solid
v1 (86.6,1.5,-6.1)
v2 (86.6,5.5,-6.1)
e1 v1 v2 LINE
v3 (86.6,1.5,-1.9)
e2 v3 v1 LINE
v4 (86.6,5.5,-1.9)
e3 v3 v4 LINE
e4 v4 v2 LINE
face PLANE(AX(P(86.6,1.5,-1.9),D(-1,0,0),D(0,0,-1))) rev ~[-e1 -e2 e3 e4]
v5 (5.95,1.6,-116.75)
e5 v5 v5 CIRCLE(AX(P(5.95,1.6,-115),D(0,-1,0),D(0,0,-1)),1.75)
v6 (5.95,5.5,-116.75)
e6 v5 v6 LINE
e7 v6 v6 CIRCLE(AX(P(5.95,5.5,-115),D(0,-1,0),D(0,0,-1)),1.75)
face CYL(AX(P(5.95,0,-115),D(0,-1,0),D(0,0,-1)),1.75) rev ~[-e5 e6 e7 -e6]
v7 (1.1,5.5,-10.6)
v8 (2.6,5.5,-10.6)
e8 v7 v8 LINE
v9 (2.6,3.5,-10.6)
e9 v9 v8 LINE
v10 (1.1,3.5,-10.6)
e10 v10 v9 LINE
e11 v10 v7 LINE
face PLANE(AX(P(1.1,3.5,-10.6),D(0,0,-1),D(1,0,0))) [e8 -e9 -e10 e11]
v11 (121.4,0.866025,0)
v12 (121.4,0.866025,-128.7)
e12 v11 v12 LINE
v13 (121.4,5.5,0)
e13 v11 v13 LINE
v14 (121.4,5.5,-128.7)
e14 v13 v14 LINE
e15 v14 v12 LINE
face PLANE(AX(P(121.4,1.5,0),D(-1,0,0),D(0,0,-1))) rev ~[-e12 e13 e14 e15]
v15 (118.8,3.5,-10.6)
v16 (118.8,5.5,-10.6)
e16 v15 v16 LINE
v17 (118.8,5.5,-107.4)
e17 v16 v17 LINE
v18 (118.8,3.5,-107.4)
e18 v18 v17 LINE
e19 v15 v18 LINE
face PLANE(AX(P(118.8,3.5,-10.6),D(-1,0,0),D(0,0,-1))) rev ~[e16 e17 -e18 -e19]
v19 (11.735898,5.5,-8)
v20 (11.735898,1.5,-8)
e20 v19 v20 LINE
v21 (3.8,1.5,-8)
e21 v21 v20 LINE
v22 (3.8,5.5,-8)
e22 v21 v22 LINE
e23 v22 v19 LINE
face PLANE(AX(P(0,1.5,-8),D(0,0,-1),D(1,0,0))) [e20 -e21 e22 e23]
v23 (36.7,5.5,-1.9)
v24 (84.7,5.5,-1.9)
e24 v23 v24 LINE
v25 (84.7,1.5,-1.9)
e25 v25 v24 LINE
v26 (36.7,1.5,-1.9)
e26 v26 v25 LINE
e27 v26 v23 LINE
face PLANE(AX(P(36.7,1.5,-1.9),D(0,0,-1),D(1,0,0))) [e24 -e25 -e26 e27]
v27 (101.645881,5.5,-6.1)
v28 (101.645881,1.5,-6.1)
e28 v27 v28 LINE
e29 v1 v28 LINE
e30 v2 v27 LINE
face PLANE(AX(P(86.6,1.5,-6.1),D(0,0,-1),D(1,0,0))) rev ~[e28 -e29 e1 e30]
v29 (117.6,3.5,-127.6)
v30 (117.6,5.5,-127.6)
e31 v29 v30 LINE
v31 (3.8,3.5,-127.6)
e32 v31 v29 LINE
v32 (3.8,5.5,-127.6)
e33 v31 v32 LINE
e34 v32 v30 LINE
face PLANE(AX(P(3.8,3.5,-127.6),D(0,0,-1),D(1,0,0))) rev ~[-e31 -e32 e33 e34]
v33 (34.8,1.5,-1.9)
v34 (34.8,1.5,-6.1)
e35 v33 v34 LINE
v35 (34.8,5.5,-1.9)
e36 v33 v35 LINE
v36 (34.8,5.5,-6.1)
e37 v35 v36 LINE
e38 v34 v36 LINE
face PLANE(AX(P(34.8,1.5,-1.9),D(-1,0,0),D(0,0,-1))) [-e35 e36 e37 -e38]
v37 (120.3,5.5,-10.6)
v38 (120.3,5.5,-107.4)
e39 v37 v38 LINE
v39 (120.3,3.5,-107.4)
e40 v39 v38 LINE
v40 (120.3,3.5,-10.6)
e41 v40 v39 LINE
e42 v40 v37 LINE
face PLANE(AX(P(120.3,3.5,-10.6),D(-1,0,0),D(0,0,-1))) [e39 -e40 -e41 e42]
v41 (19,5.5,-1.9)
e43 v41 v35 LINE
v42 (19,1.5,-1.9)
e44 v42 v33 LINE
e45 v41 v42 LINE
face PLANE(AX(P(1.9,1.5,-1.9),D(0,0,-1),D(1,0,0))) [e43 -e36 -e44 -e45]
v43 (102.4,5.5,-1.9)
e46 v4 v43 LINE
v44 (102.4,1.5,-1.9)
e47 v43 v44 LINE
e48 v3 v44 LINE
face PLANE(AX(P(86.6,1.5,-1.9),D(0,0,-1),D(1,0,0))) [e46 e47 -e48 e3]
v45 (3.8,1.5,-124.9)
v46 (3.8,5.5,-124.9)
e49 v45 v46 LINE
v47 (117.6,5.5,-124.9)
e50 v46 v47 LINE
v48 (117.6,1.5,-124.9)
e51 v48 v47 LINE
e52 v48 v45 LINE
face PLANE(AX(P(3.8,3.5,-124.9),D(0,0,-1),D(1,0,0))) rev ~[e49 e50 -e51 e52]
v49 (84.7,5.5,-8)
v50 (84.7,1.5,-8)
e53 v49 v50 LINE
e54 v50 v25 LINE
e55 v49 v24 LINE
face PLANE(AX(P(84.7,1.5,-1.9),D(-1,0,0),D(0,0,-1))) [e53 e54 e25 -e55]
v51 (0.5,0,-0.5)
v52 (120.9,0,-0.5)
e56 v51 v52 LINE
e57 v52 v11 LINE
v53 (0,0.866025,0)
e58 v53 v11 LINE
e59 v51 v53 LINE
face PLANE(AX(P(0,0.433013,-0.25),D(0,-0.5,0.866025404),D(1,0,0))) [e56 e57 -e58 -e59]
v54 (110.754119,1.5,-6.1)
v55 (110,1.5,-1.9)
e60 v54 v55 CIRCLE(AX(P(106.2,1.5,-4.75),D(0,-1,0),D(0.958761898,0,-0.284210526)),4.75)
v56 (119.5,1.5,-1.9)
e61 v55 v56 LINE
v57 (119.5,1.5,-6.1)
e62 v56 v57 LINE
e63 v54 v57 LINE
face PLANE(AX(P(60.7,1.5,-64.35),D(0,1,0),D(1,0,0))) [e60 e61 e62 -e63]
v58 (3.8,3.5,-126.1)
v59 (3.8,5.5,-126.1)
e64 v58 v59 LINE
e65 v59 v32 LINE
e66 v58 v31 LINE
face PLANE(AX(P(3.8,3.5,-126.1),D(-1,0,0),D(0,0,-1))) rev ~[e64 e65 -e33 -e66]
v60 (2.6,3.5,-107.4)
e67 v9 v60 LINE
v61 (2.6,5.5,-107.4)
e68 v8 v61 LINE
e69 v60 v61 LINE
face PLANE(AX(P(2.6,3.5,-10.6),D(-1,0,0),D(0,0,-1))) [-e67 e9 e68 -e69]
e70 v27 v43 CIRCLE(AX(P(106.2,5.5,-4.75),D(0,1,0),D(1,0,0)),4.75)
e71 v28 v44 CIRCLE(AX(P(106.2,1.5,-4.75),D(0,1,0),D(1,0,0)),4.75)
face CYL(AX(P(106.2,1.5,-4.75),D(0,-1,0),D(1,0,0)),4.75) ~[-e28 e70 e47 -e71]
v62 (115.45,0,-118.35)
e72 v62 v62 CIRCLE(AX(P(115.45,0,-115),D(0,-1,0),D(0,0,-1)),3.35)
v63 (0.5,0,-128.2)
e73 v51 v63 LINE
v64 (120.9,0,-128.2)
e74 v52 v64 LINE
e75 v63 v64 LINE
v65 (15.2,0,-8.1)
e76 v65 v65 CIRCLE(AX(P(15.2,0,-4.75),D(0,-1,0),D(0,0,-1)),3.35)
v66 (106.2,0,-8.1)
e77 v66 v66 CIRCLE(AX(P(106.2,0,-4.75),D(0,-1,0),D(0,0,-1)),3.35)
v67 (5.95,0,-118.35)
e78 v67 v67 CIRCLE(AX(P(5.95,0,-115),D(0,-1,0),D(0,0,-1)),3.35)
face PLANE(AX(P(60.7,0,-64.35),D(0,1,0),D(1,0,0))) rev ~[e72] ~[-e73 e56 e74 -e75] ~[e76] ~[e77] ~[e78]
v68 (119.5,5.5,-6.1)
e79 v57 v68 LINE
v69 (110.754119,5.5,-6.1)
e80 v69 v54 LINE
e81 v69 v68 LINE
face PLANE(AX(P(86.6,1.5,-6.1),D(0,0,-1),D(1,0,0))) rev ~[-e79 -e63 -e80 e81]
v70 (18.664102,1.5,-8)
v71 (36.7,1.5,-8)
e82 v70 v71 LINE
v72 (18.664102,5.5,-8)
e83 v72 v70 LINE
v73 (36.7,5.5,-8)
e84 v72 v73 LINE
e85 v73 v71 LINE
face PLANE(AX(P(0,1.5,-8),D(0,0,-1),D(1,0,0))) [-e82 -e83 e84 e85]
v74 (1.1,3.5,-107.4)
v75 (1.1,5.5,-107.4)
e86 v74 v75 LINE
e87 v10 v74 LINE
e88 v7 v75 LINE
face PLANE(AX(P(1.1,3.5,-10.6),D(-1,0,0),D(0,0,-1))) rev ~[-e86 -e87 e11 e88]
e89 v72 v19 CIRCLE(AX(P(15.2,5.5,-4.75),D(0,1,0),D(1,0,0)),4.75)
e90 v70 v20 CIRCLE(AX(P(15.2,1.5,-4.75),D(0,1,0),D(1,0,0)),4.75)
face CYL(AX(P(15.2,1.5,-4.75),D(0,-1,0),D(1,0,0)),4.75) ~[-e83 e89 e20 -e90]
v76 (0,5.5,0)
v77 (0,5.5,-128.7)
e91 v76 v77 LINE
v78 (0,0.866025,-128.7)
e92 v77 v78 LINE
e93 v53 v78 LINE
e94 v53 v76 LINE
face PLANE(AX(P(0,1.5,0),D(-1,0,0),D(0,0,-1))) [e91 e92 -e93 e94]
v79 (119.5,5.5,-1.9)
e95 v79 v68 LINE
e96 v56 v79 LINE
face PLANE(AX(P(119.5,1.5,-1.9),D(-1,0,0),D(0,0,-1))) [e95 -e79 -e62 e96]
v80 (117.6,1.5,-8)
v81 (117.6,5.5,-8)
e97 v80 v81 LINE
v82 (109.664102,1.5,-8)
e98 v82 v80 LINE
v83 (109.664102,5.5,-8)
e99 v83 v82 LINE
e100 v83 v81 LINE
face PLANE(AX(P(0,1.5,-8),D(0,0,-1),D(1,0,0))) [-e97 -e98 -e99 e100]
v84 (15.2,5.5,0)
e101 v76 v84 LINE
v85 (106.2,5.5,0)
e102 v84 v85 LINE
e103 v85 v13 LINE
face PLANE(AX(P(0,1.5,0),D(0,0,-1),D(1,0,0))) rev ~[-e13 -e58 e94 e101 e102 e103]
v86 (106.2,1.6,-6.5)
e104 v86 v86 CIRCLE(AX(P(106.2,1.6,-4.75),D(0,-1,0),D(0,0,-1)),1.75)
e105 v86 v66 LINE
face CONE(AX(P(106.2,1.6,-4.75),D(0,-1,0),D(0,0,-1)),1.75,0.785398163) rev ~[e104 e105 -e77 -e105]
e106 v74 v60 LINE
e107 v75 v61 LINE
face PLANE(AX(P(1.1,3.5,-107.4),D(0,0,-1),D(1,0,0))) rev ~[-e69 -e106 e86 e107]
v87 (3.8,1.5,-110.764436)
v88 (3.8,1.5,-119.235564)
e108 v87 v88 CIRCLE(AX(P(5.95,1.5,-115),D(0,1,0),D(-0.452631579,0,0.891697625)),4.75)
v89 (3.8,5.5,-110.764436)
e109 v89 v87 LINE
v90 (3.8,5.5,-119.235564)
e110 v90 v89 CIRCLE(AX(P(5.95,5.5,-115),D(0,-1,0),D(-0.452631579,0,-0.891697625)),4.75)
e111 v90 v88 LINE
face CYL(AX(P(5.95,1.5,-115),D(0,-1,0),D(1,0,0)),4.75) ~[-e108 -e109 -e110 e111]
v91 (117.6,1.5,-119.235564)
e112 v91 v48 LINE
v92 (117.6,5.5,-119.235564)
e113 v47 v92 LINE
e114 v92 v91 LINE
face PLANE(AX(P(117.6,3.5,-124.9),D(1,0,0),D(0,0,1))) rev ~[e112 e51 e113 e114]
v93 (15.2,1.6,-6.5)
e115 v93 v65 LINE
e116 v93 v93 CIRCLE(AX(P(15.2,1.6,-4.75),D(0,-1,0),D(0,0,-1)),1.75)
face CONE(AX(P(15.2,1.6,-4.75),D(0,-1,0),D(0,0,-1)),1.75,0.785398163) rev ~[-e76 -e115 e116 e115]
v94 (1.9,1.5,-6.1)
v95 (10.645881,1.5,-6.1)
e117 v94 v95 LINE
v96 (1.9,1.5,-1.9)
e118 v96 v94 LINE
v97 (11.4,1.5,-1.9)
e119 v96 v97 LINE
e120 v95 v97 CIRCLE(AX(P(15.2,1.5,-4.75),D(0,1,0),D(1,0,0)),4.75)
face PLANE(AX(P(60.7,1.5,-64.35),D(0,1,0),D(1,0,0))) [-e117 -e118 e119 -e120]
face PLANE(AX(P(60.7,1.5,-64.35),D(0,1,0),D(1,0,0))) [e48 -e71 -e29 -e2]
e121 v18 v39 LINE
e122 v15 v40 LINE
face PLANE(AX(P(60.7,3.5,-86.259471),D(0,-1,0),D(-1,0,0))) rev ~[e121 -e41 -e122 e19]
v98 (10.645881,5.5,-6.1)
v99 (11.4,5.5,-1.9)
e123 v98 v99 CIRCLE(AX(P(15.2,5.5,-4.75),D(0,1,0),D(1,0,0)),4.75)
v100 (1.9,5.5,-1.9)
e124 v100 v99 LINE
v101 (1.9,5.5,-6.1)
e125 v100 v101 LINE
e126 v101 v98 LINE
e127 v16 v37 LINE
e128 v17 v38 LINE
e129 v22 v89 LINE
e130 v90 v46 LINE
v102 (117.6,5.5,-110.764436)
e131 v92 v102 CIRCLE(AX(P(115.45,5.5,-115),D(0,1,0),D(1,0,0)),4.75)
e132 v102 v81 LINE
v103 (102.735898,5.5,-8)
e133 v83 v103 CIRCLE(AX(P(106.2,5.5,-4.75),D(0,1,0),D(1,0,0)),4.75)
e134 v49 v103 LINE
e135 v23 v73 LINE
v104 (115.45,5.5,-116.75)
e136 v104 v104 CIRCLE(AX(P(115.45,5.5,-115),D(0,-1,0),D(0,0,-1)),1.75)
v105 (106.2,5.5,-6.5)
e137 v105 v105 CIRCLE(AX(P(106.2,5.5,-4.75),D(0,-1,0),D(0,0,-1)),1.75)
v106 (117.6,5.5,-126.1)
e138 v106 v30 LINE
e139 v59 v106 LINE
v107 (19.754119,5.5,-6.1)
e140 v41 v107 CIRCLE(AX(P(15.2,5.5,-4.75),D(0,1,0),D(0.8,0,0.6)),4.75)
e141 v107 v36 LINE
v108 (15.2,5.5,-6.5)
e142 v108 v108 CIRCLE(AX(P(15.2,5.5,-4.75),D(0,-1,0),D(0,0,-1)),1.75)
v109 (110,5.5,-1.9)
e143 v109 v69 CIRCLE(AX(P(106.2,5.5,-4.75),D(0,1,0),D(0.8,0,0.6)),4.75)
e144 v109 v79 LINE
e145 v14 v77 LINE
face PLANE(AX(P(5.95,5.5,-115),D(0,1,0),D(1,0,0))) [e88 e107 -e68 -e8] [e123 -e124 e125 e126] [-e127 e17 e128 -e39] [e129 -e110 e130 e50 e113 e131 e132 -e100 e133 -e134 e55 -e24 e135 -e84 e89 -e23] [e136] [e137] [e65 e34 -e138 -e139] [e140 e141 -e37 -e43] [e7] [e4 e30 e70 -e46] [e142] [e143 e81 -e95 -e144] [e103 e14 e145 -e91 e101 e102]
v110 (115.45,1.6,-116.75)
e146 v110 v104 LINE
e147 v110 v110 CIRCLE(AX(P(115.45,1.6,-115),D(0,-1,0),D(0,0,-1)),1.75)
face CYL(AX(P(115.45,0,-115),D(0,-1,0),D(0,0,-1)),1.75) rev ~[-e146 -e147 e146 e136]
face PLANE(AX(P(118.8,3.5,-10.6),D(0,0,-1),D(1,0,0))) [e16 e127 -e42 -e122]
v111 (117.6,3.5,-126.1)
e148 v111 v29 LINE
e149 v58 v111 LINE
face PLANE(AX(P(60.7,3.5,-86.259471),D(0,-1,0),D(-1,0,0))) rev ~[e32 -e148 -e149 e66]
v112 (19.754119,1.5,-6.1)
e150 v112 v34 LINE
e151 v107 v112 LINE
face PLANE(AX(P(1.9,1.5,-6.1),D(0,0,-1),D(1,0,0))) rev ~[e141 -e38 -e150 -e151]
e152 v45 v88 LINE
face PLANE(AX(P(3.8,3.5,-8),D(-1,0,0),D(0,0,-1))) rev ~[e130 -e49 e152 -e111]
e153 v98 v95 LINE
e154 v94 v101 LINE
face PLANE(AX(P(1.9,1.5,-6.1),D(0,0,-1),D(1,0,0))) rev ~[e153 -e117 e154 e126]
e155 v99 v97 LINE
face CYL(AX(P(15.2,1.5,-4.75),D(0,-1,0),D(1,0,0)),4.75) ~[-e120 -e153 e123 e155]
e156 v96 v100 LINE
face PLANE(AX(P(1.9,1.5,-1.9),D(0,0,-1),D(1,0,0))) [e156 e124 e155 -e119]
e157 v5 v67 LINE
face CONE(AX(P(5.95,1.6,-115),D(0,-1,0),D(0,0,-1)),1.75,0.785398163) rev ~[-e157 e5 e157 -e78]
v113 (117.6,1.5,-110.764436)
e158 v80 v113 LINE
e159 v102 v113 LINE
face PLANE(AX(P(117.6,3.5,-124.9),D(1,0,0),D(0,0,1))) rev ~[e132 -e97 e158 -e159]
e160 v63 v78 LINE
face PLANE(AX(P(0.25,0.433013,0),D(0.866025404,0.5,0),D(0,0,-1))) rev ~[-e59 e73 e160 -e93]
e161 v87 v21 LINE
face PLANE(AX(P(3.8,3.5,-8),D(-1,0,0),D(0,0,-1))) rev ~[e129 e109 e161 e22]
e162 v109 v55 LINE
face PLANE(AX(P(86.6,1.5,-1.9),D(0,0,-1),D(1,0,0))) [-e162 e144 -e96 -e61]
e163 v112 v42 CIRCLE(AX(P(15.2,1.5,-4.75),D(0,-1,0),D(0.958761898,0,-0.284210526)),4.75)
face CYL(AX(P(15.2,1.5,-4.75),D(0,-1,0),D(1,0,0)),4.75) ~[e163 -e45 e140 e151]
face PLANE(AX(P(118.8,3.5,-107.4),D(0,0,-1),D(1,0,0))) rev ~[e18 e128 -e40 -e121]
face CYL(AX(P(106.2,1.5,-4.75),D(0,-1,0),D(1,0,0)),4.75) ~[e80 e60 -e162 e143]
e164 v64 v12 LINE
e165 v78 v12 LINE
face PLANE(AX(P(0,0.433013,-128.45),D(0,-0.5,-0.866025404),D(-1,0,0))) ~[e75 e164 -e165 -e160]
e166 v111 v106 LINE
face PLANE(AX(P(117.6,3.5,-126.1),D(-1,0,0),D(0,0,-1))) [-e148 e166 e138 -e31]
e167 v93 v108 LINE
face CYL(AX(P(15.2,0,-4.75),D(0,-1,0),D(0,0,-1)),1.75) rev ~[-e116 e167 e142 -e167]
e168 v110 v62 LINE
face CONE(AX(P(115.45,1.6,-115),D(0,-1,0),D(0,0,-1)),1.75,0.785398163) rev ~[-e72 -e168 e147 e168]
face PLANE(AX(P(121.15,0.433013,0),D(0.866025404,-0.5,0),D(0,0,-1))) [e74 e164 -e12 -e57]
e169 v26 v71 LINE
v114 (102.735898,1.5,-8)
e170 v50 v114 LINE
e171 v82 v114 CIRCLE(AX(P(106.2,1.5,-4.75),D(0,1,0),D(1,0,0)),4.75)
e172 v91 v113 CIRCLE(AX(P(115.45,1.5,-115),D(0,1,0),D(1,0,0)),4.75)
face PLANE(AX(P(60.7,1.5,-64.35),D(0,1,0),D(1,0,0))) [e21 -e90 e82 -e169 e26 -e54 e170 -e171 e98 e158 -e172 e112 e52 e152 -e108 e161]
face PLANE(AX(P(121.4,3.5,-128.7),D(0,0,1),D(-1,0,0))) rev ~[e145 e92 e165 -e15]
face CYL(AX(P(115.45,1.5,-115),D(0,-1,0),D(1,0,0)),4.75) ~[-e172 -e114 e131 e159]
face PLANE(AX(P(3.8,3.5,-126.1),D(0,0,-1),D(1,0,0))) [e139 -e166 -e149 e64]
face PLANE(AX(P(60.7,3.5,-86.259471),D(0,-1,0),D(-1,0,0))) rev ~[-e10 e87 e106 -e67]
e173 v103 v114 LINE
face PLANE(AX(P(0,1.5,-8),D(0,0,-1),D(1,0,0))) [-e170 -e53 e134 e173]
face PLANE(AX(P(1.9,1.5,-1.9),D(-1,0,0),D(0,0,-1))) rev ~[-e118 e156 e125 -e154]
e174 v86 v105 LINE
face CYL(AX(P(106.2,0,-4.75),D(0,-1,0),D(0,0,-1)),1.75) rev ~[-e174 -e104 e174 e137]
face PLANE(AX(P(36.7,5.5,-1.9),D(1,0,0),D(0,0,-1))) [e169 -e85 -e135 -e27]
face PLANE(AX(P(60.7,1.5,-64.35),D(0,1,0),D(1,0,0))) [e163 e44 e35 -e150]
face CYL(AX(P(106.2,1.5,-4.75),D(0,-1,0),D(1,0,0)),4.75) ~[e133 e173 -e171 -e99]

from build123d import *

# Parameters (mm, degrees)
SKETCH_1_W          = 121.4
SKETCH_1_H          = 128.7
EXTRUDE_1_DEPTH     = 1.5
EXTRUDE_2_DEPTH     = 2
SKETCH_3_W          = 1.5
SKETCH_3_H          = 96.8
SKETCH_3_W_2        = 113.8
SKETCH_3_H_2        = 1.5
EXTRUDE_3_DEPTH     = 2
SKETCH_5_W          = 121.4
SKETCH_5_H          = 8
SKETCH_5_W_2        = 32.9
SKETCH_5_H_2        = 4.2
SKETCH_5_W_3        = 48
EXTRUDE_5_DEPTH     = 4
SKETCH_7_R          = 4.75
EXTRUDE_10_DEPTH    = 4
SKETCH_8_R          = 1.75
CUT_EXTRUDE_3_DEPTH = 5.5
CHAMFER_1_SIZE      = 1.6
SKETCH_10_W         = 48
SKETCH_10_H         = 6.1
CUT_EXTRUDE_4_DEPTH = 4
CHAMFER_2_SIZE      = 0.5
CHAMFER_2_SIZE2     = 0.866025404


with BuildPart() as part:
    # Эскиз1 → Бобышка-Вытянуть1 (new body)
    with BuildSketch(Plane(origin=(0, 0, 0), x_dir=(1, 0, 0), z_dir=(0, 1, 0))):
        with Locations((60.7, 64.35)):
            Rectangle(SKETCH_1_W, SKETCH_1_H)
    extrude(amount=EXTRUDE_1_DEPTH)

    # Эскиз2 → Бобышка-Вытянуть2 (add)
    with BuildSketch(Plane(origin=(0, 1.5, 0), x_dir=(1, 0, 0), z_dir=(0, 1, 0))):
        Polygon((0, 8), (0, 128.7), (121.4, 128.7), (121.4, 8), (117.6, 8), (117.6, 124.9), (3.8, 124.9), (3.8, 8), align=None)
    extrude(amount=EXTRUDE_2_DEPTH)

    # Эскиз3 → Бобышка-Вытянуть3 (add)
    with BuildSketch(Plane(origin=(0, 3.5, 0), x_dir=(1, 0, 0), z_dir=(0, 1, 0))):
        Polygon((0, 8), (3.8, 8), (3.8, 124.9), (117.6, 124.9), (117.6, 8), (121.4, 8), (121.4, 128.7), (0, 128.7), align=None)
        with Locations((1.85, 59)):
            Rectangle(SKETCH_3_W, SKETCH_3_H, mode=Mode.SUBTRACT)
        with Locations((60.7, 126.85)):
            Rectangle(SKETCH_3_W_2, SKETCH_3_H_2, mode=Mode.SUBTRACT)
        with Locations((119.55, 59)):
            Rectangle(SKETCH_3_W, SKETCH_3_H, mode=Mode.SUBTRACT)
    extrude(amount=EXTRUDE_3_DEPTH)

    # Эскиз5 → Бобышка-Вытянуть5 (add)
    with BuildSketch(Plane(origin=(0, 1.5, 0), x_dir=(1, 0, 0), z_dir=(0, 1, 0))):
        with Locations((60.7, 4)):
            Rectangle(SKETCH_5_W, SKETCH_5_H)
        with Locations((18.35, 4)):
            Rectangle(SKETCH_5_W_2, SKETCH_5_H_2, mode=Mode.SUBTRACT)
        with Locations((103.05, 4)):
            Rectangle(SKETCH_5_W_2, SKETCH_5_H_2, mode=Mode.SUBTRACT)
        with Locations((60.7, 4)):
            Rectangle(SKETCH_5_W_3, SKETCH_5_H_2, mode=Mode.SUBTRACT)
    extrude(amount=EXTRUDE_5_DEPTH)

    # Эскиз7 → Бобышка-Вытянуть10 (add)
    with BuildSketch(Plane(origin=(0, 1.5, 0), x_dir=(1, 0, 0), z_dir=(0, 1, 0))):
        with Locations((5.95, 115)):
            Circle(SKETCH_7_R)
        with Locations((115.45, 115)):
            Circle(SKETCH_7_R)
        with Locations((15.2, 4.75)):
            Circle(SKETCH_7_R)
        with Locations((106.2, 4.75)):
            Circle(SKETCH_7_R)
    extrude(amount=EXTRUDE_10_DEPTH)

    # Эскиз8 → Вырез-Вытянуть3 (cut)
    with BuildSketch(Plane.XZ):
        with Locations(Location((15.2, -4.75, 0), (0, 0, 270))):
            Circle(SKETCH_8_R)
        with Locations(Location((106.2, -4.75, 0), (0, 0, 270))):
            Circle(SKETCH_8_R)
        with Locations(Location((5.95, -115, 0), (0, 0, 270))):
            Circle(SKETCH_8_R)
        with Locations(Location((115.45, -115, 0), (0, 0, 270))):
            Circle(SKETCH_8_R)
    extrude(amount=-CUT_EXTRUDE_3_DEPTH, mode=Mode.SUBTRACT)

    # Фаска1
    chamfer_1_edges = [part.edges().sort_by_distance(p)[0] for p in [
        (115.45, 0, -113.25),
        (5.95, 0, -113.25),
        (106.2, 0, -3),
        (15.2, 0, -3),
    ]]
    chamfer(chamfer_1_edges, length=CHAMFER_1_SIZE)

    # Эскиз10 → Вырез-Вытянуть4 (cut)
    with BuildSketch(Plane(origin=(0, 5.5, 0), x_dir=(1, 0, 0), z_dir=(0, 1, 0))):
        with Locations((60.7, 4.95)):
            Rectangle(SKETCH_10_W, SKETCH_10_H)
    extrude(amount=-CUT_EXTRUDE_4_DEPTH, mode=Mode.SUBTRACT)

    # Фаска2
    chamfer_2_edges = [part.edges().sort_by_distance(p)[0] for p in [
        (0, 0, -64.35),
        (60.7, 0, -128.7),
        (121.4, 0, -64.35),
        (60.7, 0, 0),
    ]]
    chamfer_2_side = [part.faces().sort_by_distance(p)[0] for p in [
        (60.7, 0, -64.390759898),
    ]]
    chamfer(chamfer_2_edges, length=CHAMFER_2_SIZE, length2=CHAMFER_2_SIZE2, reference=chamfer_2_side[0])


solid = part.part
